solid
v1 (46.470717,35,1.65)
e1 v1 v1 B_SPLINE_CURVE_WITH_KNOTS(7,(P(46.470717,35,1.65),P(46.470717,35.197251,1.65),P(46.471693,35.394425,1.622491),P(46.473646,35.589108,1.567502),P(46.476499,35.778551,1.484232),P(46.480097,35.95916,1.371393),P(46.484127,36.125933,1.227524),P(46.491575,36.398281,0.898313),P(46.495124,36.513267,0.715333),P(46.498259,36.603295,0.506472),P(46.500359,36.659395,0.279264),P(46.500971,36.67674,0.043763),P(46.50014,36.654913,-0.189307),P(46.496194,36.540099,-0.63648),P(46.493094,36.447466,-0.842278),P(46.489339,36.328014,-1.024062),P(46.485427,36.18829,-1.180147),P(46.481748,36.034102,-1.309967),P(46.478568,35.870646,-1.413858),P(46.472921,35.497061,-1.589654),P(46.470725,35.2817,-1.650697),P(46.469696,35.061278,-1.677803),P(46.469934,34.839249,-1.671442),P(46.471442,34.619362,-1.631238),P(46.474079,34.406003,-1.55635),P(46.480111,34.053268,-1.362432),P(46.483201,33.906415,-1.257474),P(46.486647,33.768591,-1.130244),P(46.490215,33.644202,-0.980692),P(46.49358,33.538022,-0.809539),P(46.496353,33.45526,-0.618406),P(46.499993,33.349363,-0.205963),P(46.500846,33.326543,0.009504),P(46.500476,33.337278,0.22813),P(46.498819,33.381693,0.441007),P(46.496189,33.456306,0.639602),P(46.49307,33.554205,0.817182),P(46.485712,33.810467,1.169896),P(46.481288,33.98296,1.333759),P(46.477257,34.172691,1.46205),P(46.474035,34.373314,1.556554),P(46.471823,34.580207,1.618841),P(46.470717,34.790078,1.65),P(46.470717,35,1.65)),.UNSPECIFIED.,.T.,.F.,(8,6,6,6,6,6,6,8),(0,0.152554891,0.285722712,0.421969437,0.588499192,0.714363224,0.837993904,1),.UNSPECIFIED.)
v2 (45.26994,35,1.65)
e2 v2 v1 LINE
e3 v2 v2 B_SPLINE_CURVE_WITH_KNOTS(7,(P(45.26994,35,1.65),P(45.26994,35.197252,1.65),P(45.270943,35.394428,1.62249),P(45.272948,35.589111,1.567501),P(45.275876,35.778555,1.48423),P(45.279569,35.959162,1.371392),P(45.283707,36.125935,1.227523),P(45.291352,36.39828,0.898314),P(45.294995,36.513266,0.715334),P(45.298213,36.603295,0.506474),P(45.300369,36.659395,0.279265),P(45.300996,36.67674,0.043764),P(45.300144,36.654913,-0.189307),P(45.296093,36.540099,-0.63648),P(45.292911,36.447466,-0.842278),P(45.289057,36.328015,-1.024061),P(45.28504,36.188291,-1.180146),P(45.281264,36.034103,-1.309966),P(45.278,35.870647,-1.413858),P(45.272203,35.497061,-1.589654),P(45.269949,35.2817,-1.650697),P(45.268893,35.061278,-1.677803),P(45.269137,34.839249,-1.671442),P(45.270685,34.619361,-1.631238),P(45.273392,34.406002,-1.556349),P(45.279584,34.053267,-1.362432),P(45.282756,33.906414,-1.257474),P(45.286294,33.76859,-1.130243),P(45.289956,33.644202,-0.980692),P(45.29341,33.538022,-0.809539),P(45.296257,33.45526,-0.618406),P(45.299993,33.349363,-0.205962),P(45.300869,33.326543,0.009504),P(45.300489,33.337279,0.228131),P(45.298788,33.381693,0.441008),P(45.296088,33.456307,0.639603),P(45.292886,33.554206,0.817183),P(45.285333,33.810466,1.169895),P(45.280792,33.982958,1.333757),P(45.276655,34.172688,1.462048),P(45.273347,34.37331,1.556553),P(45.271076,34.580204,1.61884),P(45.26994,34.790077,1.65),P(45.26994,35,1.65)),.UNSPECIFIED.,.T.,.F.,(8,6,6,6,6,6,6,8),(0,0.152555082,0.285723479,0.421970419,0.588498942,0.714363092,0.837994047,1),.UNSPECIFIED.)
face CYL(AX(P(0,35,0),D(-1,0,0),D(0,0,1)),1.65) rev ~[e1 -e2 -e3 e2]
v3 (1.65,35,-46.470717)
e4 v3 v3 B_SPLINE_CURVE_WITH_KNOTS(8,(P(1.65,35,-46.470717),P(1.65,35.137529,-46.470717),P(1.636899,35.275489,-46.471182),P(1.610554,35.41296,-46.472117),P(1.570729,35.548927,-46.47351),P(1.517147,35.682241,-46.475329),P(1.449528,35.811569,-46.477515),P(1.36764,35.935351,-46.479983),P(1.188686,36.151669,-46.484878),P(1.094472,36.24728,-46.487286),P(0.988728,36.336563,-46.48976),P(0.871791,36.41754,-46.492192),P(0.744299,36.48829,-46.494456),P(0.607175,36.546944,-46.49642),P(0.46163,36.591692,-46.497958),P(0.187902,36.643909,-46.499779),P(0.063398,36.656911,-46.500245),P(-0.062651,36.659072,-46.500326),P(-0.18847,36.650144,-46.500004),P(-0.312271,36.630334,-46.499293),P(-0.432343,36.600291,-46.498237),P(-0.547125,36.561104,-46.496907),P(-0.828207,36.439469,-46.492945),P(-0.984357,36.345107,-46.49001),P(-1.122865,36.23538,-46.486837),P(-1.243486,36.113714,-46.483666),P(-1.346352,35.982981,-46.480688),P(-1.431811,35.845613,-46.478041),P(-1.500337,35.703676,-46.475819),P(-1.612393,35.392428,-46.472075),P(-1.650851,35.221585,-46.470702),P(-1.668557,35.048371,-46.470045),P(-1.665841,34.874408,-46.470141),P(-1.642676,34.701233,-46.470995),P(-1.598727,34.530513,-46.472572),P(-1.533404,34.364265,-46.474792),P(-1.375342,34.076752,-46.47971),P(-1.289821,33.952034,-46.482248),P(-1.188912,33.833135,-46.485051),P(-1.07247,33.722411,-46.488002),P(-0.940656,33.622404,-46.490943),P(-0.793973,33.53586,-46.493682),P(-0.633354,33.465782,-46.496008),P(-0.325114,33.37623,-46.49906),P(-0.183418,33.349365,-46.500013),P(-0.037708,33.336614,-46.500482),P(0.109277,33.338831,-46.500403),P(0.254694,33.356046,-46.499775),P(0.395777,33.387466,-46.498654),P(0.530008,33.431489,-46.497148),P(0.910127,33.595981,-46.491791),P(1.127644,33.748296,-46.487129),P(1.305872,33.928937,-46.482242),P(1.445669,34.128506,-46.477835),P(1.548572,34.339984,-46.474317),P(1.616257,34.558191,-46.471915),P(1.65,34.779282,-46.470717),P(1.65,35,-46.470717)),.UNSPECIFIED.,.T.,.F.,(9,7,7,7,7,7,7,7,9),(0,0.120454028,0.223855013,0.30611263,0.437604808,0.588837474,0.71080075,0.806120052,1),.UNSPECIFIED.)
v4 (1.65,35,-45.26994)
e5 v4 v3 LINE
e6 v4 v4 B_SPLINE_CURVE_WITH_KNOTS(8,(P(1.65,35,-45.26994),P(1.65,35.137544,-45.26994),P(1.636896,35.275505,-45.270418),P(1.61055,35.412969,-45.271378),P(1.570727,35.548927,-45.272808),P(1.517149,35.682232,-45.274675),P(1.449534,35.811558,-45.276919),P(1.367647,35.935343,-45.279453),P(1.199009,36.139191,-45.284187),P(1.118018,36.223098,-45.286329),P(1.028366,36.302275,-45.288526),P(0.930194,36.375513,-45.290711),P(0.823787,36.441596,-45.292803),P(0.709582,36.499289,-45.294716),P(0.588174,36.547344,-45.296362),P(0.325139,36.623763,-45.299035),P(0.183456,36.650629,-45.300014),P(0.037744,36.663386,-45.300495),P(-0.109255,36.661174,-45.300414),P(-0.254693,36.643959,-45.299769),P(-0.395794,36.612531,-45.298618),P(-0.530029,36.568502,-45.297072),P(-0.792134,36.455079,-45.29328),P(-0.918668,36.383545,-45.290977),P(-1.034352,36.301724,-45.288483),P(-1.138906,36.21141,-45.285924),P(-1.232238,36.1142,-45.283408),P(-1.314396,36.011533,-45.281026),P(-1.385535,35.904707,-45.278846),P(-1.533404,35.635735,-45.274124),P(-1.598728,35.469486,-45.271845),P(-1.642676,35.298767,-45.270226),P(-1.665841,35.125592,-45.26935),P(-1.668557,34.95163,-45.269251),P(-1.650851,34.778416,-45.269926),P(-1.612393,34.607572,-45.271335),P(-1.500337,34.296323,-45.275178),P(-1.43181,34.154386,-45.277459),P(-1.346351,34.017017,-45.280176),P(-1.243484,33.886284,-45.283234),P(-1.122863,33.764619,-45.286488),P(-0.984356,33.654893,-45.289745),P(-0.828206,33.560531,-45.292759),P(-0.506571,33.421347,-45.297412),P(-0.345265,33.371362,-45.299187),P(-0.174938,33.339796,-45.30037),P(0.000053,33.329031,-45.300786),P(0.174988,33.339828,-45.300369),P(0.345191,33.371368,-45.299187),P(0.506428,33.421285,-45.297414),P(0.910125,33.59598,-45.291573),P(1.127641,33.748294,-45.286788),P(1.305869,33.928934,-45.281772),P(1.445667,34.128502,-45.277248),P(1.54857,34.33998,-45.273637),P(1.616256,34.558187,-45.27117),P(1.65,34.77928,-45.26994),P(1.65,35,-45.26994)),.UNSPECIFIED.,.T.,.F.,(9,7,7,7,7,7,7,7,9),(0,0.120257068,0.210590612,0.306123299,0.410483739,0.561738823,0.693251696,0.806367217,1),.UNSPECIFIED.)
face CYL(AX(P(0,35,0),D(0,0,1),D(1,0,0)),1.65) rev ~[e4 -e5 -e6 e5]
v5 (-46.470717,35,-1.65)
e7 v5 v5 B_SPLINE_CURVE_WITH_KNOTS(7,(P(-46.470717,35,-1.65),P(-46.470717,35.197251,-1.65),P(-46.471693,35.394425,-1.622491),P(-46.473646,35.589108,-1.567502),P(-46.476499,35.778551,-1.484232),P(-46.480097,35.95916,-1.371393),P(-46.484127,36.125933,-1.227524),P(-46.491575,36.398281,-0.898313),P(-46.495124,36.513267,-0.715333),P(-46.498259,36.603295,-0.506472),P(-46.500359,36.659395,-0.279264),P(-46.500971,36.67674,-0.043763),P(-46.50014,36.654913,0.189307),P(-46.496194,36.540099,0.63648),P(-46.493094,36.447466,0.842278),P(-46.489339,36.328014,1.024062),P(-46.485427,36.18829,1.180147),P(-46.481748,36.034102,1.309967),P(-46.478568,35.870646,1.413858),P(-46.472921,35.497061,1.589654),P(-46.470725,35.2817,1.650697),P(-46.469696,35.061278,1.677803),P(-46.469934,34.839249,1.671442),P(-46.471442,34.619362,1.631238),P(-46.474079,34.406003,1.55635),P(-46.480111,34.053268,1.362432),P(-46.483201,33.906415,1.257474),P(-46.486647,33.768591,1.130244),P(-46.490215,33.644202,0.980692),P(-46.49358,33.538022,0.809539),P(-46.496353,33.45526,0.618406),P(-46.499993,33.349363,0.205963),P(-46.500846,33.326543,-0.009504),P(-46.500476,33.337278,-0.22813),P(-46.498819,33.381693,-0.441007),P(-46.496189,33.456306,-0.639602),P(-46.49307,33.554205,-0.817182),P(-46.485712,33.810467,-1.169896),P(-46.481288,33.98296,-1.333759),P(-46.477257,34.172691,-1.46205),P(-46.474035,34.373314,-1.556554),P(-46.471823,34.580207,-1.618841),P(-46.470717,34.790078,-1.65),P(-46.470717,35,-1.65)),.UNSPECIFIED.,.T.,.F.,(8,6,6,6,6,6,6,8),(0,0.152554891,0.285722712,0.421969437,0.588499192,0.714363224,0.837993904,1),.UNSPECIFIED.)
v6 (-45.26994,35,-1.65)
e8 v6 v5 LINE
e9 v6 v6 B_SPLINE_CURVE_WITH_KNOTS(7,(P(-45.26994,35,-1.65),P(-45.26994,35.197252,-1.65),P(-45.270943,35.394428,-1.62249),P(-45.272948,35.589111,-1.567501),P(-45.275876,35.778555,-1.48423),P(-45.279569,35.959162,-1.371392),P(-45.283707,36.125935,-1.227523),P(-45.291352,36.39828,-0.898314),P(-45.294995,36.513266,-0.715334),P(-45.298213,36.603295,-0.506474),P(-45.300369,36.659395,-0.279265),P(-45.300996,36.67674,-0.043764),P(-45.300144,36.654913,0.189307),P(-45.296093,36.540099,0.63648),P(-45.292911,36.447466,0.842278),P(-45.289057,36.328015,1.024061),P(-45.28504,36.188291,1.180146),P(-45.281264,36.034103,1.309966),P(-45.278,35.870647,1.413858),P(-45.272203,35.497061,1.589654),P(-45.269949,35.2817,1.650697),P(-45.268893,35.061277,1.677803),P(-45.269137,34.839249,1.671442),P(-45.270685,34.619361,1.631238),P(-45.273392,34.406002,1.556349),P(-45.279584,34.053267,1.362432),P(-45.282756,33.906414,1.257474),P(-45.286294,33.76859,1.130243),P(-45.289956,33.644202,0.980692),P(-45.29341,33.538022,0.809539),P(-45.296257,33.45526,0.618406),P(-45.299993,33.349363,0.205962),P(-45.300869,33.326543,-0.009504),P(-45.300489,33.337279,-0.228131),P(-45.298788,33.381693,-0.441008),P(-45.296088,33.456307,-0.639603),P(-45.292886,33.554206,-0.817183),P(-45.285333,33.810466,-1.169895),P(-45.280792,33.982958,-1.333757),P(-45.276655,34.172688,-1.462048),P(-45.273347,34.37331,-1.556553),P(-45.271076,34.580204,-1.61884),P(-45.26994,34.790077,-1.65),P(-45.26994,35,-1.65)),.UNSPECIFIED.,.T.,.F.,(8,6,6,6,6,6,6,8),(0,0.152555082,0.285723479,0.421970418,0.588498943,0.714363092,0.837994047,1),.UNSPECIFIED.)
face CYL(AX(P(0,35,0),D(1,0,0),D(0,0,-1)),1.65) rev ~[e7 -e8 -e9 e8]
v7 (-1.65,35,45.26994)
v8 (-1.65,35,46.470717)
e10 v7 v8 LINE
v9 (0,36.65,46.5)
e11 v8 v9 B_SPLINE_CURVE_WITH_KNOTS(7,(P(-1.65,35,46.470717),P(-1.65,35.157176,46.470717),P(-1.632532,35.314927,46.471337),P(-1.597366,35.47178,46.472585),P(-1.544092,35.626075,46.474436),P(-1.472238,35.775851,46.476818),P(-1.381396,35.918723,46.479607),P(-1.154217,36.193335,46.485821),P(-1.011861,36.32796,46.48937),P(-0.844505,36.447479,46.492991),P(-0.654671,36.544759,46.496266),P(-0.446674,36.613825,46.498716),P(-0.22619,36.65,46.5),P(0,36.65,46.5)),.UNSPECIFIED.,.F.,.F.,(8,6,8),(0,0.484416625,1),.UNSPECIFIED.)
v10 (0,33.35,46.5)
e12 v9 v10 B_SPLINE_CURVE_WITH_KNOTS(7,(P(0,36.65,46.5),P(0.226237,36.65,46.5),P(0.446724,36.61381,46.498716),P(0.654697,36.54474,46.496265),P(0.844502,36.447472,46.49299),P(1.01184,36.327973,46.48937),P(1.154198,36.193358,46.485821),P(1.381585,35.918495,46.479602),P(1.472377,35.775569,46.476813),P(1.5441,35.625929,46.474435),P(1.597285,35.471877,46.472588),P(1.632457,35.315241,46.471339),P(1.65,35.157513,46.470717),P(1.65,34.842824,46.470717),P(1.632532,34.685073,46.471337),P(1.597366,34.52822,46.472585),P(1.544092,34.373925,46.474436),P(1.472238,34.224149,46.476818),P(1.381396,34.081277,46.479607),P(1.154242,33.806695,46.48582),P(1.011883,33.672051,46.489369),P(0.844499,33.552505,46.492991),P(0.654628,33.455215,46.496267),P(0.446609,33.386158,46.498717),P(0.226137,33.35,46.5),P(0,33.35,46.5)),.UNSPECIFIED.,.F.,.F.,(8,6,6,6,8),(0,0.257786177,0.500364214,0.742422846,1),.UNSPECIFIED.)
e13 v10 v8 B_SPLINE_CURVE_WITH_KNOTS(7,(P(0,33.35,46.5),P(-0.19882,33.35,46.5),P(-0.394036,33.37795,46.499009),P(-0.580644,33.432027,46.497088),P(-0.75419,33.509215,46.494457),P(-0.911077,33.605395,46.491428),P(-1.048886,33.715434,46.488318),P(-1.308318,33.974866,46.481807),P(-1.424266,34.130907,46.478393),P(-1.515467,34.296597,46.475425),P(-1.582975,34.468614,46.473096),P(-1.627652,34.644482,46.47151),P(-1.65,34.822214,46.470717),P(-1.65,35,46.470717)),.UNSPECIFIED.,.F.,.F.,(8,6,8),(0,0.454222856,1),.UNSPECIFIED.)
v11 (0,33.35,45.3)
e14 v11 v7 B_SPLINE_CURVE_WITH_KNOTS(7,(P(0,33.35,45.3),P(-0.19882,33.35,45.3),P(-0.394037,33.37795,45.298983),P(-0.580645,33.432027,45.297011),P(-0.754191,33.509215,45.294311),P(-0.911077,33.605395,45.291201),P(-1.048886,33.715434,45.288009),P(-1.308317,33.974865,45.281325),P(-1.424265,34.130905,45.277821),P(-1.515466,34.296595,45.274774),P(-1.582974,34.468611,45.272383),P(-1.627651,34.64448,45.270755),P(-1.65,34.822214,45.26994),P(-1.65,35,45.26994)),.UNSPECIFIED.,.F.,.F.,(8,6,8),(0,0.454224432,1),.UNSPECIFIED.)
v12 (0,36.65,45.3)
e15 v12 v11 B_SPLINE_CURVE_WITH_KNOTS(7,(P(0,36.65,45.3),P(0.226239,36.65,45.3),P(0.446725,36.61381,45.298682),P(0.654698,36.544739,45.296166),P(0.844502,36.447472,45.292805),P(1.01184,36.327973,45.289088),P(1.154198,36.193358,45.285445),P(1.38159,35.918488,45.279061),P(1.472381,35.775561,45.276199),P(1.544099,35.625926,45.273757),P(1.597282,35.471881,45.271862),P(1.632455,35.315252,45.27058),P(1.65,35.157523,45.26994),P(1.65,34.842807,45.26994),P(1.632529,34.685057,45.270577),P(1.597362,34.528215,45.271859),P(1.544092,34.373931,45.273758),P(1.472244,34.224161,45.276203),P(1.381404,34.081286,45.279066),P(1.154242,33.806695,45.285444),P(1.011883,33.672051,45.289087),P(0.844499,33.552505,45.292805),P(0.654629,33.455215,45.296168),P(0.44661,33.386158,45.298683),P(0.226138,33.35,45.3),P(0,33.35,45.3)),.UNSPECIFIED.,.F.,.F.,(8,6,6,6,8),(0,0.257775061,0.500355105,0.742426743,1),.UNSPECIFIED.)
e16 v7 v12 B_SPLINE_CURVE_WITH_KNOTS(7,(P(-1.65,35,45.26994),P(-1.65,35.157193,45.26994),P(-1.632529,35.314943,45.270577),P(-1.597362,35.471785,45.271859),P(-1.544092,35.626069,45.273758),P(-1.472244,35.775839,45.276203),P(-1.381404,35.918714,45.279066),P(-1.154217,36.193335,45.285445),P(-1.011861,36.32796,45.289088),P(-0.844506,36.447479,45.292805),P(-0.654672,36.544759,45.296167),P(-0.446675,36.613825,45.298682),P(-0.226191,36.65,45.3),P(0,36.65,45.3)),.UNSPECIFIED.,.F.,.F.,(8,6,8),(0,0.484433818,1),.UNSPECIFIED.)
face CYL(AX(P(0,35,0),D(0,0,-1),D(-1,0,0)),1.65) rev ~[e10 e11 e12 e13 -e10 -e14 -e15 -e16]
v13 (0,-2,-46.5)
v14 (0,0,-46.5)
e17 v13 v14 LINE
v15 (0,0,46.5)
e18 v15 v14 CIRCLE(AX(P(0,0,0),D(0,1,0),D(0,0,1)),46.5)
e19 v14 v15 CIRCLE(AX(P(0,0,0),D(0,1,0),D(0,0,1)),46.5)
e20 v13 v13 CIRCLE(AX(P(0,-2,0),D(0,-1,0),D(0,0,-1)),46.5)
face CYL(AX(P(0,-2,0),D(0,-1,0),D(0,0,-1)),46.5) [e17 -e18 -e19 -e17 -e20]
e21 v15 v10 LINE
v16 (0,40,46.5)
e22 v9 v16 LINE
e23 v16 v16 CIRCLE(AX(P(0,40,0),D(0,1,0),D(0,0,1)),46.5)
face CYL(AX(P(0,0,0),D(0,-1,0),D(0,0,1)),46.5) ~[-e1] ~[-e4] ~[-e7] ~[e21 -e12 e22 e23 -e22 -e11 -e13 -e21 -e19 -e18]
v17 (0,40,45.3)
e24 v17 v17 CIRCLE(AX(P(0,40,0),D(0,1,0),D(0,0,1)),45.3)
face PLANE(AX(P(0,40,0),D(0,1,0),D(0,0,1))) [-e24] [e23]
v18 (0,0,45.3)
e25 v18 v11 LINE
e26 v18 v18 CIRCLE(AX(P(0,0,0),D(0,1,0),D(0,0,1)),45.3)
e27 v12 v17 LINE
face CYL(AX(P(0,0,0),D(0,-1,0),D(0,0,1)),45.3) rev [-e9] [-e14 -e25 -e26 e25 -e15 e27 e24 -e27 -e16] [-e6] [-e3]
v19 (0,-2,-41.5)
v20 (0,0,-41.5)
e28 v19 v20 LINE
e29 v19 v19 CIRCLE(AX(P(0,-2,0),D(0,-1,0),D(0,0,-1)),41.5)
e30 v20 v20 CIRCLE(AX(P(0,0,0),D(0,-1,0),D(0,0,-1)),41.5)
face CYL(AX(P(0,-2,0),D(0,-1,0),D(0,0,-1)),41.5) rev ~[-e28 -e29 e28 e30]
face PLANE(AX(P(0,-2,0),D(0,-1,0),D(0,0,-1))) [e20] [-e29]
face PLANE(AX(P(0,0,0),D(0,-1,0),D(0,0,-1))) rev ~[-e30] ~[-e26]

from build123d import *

# Parameters (mm, degrees)
SKETCH1_R           = 46.5
SKETCH1_R_2         = 45.3
BOSS_EXTRUDE1_DEPTH = 40
SKETCH2_R           = 1.65
CUT_EXTRUDE1_DEPTH  = 77.970773674
CIRPATTERN1_COUNT   = 4
BOSS_EXTRUDE2_START = 2
SKETCH3_R           = 46.5
SKETCH3_R_2         = 41.5
BOSS_EXTRUDE2_DEPTH = 2


with BuildPart() as part:
    # Sketch1 → Boss-Extrude1 (new body)
    with BuildSketch(Plane(origin=(0, 0, 0), x_dir=(1, 0, 0), z_dir=(0, 1, 0))):
        with Locations(Location((0, 0, 0), (0, 0, 270))):
            Circle(SKETCH1_R)
        with Locations(Location((0, 0, 0), (0, 0, 270))):
            Circle(SKETCH1_R_2, mode=Mode.SUBTRACT)
    extrude(amount=BOSS_EXTRUDE1_DEPTH)

    # Sketch2 → Cut-Extrude1 (cut, through all)
    with BuildSketch(Plane(origin=(0, 0, 0), x_dir=(0, 0, -1), z_dir=(1, 0, 0))):
        with Locations((0, 35)):
            Circle(SKETCH2_R)
    cut_extrude1 = extrude(amount=-CUT_EXTRUDE1_DEPTH, mode=Mode.SUBTRACT)

    # CirPattern1: Cut-Extrude1 ×4 about axis
    cirpattern1_axis = Axis((0, 40, 0), (0, -1, 0))
    for i in range(1, CIRPATTERN1_COUNT):
        add(cut_extrude1.rotate(cirpattern1_axis, i * 360 / CIRPATTERN1_COUNT), mode=Mode.SUBTRACT)

    # Sketch3 → Boss-Extrude2 (add)
    with BuildSketch(Plane.XZ.offset(BOSS_EXTRUDE2_START)):
        with Locations(Location((0, 0, 0), (0, 0, 270))):
            Circle(SKETCH3_R)
        with Locations(Location((0, 0, 0), (0, 0, 270))):
            Circle(SKETCH3_R_2, mode=Mode.SUBTRACT)
    extrude(amount=-BOSS_EXTRUDE2_DEPTH)


solid = part.part
